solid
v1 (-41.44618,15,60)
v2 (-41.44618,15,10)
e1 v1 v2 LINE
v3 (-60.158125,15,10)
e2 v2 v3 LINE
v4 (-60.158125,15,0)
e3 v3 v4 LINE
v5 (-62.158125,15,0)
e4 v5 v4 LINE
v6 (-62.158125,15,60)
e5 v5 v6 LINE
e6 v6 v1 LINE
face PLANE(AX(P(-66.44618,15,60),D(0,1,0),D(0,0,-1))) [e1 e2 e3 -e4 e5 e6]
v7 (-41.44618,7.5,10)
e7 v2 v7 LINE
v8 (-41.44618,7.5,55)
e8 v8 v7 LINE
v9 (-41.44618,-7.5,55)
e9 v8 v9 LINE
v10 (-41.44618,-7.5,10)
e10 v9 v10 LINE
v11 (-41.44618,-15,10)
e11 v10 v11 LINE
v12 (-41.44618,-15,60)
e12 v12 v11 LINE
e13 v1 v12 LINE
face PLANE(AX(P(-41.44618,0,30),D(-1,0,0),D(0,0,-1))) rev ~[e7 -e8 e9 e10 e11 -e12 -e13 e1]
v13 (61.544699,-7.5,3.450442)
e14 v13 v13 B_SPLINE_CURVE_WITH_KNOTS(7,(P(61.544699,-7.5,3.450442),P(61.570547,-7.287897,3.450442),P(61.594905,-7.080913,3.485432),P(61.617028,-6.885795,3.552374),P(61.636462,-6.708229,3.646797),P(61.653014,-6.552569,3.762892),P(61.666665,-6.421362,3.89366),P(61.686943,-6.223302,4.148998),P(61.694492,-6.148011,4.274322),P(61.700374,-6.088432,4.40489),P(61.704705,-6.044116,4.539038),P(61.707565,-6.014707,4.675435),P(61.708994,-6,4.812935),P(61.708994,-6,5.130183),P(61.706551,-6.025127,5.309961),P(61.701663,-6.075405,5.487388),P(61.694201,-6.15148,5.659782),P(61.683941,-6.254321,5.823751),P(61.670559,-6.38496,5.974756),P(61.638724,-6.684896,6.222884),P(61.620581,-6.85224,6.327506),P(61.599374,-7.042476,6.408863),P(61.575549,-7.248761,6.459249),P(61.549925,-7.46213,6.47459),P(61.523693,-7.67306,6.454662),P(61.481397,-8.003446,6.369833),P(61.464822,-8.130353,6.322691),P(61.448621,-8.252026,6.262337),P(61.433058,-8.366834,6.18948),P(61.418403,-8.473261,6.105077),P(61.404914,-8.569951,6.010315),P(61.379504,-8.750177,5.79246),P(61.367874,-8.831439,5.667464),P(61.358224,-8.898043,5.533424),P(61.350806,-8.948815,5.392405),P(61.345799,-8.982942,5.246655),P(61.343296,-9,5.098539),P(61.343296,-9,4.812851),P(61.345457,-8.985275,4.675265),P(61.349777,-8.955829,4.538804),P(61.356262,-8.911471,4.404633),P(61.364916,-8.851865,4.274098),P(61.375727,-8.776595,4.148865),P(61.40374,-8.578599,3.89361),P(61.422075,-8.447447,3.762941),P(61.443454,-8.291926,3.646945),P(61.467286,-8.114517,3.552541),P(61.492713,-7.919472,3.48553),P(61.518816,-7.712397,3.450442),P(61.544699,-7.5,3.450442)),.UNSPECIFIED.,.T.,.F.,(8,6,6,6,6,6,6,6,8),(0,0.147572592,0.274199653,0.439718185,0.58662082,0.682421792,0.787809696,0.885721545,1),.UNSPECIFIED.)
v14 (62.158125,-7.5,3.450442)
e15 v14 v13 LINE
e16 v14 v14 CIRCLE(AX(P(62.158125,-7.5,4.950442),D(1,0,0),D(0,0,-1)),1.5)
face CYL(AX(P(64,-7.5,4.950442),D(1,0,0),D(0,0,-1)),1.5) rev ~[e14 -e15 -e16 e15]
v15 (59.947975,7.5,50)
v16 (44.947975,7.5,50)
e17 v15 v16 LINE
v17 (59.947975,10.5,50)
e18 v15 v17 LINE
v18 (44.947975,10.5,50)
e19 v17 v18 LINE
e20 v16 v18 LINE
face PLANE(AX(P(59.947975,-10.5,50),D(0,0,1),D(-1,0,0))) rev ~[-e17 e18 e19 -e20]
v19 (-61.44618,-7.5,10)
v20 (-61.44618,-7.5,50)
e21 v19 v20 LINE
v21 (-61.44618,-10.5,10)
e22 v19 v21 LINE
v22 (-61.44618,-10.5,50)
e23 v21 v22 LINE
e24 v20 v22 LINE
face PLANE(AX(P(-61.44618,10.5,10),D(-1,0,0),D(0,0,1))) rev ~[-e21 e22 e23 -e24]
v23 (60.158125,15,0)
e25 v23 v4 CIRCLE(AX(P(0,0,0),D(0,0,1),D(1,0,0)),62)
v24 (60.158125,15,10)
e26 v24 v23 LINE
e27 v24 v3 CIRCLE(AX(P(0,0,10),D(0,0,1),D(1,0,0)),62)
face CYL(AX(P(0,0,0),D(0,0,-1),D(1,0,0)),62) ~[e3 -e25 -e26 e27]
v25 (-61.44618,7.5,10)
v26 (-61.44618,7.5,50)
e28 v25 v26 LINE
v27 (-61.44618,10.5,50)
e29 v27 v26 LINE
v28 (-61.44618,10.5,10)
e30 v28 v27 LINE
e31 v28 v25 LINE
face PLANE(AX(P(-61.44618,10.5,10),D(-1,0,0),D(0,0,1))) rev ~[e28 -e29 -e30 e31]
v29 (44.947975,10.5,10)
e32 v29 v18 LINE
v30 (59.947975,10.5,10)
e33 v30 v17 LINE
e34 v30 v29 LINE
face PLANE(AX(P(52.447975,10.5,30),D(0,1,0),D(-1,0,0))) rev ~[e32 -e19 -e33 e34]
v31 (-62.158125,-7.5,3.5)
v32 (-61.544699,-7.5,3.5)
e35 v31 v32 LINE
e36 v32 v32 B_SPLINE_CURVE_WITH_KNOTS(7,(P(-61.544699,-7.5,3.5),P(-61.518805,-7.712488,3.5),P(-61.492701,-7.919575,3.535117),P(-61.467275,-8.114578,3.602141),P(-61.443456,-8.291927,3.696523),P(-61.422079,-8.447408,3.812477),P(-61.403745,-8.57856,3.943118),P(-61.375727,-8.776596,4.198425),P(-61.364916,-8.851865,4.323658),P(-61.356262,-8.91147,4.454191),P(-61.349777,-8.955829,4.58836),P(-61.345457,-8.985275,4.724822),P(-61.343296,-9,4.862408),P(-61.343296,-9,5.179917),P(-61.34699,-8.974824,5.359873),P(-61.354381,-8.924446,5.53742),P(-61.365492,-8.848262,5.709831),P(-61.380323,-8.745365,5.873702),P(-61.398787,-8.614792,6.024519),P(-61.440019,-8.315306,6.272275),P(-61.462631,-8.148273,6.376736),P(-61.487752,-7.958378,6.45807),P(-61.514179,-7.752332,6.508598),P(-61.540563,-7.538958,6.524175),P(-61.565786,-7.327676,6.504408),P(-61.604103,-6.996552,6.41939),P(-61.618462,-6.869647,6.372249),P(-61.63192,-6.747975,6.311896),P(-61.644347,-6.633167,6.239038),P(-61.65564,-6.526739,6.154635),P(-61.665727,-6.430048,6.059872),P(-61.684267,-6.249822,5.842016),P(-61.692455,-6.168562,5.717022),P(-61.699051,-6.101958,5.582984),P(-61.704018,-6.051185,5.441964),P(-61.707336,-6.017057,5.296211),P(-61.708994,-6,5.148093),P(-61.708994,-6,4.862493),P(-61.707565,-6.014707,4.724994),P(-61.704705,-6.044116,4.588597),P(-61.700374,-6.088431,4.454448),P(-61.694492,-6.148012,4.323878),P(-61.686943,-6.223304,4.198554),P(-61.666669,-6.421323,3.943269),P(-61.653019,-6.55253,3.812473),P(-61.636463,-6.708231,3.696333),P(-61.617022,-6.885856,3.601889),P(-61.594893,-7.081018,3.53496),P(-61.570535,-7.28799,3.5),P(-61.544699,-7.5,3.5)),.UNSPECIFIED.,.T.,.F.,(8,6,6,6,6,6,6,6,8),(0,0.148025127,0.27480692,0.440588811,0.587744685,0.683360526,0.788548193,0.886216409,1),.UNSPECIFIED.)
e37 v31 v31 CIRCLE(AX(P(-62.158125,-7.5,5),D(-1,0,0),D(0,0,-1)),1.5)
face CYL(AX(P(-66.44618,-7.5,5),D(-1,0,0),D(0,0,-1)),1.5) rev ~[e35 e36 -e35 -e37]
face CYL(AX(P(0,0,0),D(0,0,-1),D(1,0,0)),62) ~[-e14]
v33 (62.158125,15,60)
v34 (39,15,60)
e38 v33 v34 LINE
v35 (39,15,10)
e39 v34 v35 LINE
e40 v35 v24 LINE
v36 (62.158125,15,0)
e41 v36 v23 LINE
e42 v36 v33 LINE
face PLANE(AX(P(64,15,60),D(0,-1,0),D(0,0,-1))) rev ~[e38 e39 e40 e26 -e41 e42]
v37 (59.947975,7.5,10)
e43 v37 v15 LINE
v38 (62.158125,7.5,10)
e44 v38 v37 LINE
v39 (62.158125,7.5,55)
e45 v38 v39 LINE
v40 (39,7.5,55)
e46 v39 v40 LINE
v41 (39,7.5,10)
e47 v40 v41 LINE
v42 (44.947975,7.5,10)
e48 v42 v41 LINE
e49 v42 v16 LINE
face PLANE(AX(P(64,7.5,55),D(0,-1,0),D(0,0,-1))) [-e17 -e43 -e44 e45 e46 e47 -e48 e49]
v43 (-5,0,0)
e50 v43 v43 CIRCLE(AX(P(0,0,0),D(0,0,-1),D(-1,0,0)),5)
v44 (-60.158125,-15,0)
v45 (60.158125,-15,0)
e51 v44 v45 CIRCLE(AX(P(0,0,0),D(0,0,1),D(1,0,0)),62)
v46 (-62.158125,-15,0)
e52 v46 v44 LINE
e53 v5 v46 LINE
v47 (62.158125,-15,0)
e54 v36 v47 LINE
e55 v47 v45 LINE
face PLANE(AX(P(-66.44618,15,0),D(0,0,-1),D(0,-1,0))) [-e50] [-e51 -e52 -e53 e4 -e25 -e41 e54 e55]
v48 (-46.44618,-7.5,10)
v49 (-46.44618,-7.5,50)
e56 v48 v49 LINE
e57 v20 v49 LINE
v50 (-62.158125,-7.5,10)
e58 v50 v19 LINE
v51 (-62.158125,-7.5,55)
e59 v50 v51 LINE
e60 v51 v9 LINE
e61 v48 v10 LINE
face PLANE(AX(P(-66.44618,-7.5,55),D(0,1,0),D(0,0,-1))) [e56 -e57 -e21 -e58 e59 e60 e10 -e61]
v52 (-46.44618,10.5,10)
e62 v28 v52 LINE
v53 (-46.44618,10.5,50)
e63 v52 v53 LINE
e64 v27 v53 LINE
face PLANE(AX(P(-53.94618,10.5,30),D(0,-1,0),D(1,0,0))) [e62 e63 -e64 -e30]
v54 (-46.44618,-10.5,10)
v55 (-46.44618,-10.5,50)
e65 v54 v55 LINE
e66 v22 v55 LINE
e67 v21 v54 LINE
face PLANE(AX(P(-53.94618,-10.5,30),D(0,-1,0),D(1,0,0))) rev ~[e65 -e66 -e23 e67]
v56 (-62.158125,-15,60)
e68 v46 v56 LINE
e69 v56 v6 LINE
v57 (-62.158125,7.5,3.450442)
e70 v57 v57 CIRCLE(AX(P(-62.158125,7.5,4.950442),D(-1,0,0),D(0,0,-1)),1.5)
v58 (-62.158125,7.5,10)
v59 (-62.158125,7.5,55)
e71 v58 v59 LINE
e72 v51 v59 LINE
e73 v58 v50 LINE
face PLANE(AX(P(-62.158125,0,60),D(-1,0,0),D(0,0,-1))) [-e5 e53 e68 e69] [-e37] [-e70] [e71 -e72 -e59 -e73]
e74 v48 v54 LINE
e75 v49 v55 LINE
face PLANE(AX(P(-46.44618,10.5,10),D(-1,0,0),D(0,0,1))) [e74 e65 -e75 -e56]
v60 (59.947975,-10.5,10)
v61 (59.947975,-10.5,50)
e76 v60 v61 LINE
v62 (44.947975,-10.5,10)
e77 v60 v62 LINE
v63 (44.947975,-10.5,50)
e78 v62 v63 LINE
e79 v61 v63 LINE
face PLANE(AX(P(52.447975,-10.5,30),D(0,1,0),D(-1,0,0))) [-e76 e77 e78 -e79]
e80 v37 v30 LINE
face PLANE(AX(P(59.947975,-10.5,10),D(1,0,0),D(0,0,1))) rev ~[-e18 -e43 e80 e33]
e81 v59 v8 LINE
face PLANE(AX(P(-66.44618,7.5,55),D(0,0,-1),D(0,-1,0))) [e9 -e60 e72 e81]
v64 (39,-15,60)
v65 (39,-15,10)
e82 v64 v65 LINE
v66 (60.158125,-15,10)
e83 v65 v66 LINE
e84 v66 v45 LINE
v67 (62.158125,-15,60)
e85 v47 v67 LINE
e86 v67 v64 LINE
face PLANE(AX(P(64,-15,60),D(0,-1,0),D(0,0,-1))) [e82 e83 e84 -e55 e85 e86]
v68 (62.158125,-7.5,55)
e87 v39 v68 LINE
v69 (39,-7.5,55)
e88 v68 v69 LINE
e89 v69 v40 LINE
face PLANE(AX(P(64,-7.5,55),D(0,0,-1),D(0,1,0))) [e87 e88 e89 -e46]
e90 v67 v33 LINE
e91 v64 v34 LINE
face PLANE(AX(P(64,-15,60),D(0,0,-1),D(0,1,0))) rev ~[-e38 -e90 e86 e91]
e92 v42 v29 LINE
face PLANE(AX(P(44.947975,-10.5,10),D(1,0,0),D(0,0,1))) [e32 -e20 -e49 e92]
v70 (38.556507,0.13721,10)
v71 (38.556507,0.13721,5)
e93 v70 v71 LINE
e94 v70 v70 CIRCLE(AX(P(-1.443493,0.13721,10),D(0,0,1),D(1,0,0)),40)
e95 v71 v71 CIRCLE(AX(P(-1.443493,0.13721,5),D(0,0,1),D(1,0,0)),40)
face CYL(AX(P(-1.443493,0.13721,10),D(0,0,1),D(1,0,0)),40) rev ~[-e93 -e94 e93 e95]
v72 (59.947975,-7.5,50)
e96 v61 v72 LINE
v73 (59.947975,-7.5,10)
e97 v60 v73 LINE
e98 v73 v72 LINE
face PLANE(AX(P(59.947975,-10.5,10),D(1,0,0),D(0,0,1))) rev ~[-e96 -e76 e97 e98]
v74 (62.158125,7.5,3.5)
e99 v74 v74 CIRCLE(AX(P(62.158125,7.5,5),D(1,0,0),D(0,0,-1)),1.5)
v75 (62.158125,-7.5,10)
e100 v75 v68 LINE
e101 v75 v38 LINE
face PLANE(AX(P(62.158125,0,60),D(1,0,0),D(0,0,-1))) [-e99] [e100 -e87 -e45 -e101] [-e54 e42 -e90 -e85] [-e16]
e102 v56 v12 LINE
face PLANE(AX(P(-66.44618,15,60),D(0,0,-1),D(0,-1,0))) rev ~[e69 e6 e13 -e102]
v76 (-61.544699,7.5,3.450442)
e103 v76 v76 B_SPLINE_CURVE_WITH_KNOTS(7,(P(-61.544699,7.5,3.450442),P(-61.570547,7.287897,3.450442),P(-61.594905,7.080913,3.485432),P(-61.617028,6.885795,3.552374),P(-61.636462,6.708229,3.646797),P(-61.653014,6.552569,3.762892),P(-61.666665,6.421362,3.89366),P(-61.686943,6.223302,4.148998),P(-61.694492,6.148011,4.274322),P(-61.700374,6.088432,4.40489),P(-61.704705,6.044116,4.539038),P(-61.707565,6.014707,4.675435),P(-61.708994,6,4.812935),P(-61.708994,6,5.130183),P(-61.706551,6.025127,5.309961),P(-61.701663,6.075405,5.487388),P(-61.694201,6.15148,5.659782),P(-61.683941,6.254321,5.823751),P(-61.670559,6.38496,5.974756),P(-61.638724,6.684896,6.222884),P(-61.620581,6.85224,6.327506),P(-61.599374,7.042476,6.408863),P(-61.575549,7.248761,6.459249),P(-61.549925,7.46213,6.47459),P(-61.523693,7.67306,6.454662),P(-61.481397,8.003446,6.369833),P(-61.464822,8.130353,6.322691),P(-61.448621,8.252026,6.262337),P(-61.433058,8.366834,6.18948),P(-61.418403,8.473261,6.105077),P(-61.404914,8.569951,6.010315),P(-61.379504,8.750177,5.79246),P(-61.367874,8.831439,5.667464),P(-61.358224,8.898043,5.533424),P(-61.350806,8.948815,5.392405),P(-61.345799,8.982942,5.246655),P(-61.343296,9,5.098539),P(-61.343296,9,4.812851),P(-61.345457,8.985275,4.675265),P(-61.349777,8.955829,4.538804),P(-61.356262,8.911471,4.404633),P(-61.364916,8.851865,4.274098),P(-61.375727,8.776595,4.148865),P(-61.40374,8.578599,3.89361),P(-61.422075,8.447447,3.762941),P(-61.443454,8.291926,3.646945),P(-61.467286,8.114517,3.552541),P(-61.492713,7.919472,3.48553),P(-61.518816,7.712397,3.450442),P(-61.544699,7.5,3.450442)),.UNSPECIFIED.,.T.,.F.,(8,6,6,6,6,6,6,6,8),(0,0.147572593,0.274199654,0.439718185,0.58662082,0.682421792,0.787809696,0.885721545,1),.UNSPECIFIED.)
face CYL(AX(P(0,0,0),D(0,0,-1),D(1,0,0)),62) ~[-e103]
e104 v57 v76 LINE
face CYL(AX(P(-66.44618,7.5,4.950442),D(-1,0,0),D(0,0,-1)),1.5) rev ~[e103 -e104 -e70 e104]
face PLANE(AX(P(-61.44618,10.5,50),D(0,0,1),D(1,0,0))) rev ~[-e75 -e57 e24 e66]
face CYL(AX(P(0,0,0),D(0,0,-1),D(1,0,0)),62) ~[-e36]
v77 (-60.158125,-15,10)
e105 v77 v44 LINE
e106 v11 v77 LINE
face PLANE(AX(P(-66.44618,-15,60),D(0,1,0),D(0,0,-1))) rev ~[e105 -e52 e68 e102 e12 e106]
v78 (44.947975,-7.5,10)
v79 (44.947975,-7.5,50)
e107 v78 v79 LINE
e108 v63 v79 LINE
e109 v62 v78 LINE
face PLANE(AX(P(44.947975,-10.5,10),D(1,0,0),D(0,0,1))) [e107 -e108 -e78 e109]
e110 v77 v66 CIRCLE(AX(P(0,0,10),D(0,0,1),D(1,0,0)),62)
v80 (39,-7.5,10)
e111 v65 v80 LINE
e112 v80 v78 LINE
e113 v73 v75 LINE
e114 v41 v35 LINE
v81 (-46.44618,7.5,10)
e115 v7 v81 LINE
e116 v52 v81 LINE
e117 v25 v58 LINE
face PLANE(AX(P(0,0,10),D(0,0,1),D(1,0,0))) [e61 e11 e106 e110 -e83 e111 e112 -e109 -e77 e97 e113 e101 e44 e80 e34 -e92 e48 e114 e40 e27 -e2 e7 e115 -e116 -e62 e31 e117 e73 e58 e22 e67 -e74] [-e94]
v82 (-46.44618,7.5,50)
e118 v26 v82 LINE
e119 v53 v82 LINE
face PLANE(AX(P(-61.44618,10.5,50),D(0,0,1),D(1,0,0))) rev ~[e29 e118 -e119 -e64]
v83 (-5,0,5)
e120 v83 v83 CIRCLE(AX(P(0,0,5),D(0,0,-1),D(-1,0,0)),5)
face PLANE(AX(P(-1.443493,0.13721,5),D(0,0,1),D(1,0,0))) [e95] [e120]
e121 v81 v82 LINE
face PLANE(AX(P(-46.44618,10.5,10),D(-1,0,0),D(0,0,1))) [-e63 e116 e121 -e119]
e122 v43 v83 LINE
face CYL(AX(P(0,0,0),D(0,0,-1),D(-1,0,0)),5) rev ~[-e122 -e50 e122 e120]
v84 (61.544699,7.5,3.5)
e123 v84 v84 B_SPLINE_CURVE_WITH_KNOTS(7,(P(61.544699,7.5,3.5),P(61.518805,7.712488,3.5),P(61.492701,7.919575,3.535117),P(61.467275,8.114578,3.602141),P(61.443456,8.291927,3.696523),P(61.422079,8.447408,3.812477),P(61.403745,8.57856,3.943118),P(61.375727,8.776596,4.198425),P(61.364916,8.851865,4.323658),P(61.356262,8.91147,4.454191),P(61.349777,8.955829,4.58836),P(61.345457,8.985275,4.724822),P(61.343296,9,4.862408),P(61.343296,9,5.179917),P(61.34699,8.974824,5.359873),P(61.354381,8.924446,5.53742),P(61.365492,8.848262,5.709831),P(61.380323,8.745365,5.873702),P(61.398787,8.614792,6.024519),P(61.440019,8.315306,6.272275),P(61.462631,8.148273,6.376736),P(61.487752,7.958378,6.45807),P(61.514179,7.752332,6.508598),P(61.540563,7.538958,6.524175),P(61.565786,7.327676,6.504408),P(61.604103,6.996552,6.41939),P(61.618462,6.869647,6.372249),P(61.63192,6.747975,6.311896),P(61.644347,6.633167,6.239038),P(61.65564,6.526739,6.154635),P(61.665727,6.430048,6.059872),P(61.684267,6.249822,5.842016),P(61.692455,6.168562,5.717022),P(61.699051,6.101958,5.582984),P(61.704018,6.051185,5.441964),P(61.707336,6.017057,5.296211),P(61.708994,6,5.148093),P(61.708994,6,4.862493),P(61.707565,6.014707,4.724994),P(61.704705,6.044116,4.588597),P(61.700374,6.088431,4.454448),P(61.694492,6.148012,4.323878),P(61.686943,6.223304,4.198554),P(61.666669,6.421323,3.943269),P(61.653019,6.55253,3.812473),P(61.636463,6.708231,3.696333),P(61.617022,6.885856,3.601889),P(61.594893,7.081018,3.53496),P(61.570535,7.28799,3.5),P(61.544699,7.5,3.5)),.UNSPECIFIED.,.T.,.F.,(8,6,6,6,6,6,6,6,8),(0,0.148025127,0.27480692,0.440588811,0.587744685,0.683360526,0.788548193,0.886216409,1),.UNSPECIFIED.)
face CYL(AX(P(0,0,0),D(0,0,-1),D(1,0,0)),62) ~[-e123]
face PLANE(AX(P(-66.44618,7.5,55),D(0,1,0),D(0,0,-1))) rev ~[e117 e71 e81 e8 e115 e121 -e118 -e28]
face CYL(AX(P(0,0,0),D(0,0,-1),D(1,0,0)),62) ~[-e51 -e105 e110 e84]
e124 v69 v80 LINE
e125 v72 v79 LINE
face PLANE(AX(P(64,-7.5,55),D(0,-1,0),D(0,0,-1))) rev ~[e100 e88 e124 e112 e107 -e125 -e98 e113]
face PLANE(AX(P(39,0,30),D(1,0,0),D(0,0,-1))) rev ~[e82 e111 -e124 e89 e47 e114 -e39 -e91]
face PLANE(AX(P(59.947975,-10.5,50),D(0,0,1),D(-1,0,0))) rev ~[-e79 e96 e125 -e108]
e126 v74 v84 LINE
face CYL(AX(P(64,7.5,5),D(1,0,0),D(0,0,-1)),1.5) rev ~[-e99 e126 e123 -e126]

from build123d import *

# Parameters (mm, degrees)
IZIM1_R                     = 62
Y_KSEKLIK_EKSTR_ZYON1_DEPTH = 10
IZIM2_W                     = 60
IZIM2_H                     = 30
IZIM2_R                     = 1.5
IZIM2_W_2                   = 45
IZIM2_H_2                   = 15
Y_KSEKLIK_EKSTR_ZYON2_DEPTH = 25
DAIRESEL_KAPLAMA1_COUNT     = 2
DAIRESEL_KAPLAMA1_ANGLE     = 180
KES_EKSTR_ZYON1_START       = -3
IZIM4_W                     = 15
IZIM4_H                     = 40
KES_EKSTR_ZYON1_DEPTH       = 21
DAIRESEL_KAPLAMA2_COUNT     = 2
IZIM6_W                     = 4.288055231
IZIM6_H                     = 60
IZIM6_W_2                   = 1.841875029
KES_EKSTR_ZYON3_DEPTH       = 20
IZIM5_R                     = 40
KES_EKSTR_ZYON4_DEPTH       = 5
IZIM7_R                     = 5
KES_EKSTR_ZYON5_DEPTH       = 10


with BuildPart() as part:
    # Çizim1 → Yükseklik-Ekstrüzyon1 (new body)
    with BuildSketch(Plane.XY):
        Circle(IZIM1_R)
    extrude(amount=Y_KSEKLIK_EKSTR_ZYON1_DEPTH)

    # Çizim2 → Yükseklik-Ekstrüzyon2 (add)
    with BuildSketch(Plane(origin=(64, 0, 0), x_dir=(0, 0, -1), z_dir=(1, 0, 0))):
        with Locations((-30, 0)):
            Rectangle(IZIM2_W, IZIM2_H)
        with Locations((-5, 7.5)):
            Circle(IZIM2_R, mode=Mode.SUBTRACT)
        with Locations((-4.950442225, -7.5)):
            Circle(IZIM2_R, mode=Mode.SUBTRACT)
        with Locations((-32.5, 0)):
            Rectangle(IZIM2_W_2, IZIM2_H_2, mode=Mode.SUBTRACT)
    y_kseklik_ekstr_zyon2 = extrude(amount=-Y_KSEKLIK_EKSTR_ZYON2_DEPTH)

    # Dairesel Kaplama1: Yükseklik-Ekstrüzyon2 ×2 about axis
    dairesel_kaplama1_axis = Axis((-1.223090101, 0, 0), (0, 0, 1))
    for i in range(1, DAIRESEL_KAPLAMA1_COUNT):
        add(y_kseklik_ekstr_zyon2.rotate(dairesel_kaplama1_axis, i * DAIRESEL_KAPLAMA1_ANGLE / (DAIRESEL_KAPLAMA1_COUNT - 1)))

    # Çizim4 → Kes-Ekstrüzyon1 (cut)
    with BuildSketch(Plane.XZ.offset(-7.5).offset(KES_EKSTR_ZYON1_START)):
        with Locations((-53.946180202, 30)):
            Rectangle(IZIM4_W, IZIM4_H)
    kes_ekstr_zyon1 = extrude(amount=KES_EKSTR_ZYON1_DEPTH, mode=Mode.SUBTRACT)

    # Dairesel Kaplama2: Kes-Ekstrüzyon1 ×2 about axis
    dairesel_kaplama2_axis = Axis((-0.749102638, 0, 0), (0, 0, 1))
    for i in range(1, DAIRESEL_KAPLAMA2_COUNT):
        add(kes_ekstr_zyon1.rotate(dairesel_kaplama2_axis, i * 360 / DAIRESEL_KAPLAMA2_COUNT), mode=Mode.SUBTRACT)

    # Çizim6 → Kes-Ekstrüzyon3 (cut, symmetric)
    with BuildSketch(Plane(origin=(0, 0, 0), x_dir=(1, 0, 0), z_dir=(0, 1, 0))):
        with Locations((-64.302152587, -30)):
            Rectangle(IZIM6_W, IZIM6_H)
        with Locations((63.079062486, -30)):
            Rectangle(IZIM6_W_2, IZIM6_H)
    extrude(amount=KES_EKSTR_ZYON3_DEPTH, both=True, mode=Mode.SUBTRACT)

    # Çizim5 → Kes-Ekstrüzyon4 (cut)
    with BuildSketch(Plane.XY.offset(10)):
        with Locations((-1.443493492, 0.137209833)):
            Circle(IZIM5_R)
    extrude(amount=-KES_EKSTR_ZYON4_DEPTH, mode=Mode.SUBTRACT)

    # Çizim7 → Kes-Ekstrüzyon5 (cut)
    with BuildSketch(Plane(origin=(0, 0, 0), x_dir=(-1, 0, 0), z_dir=(0, 0, -1))):
        Circle(IZIM7_R)
    extrude(amount=-KES_EKSTR_ZYON5_DEPTH, mode=Mode.SUBTRACT)


solid = part.part
